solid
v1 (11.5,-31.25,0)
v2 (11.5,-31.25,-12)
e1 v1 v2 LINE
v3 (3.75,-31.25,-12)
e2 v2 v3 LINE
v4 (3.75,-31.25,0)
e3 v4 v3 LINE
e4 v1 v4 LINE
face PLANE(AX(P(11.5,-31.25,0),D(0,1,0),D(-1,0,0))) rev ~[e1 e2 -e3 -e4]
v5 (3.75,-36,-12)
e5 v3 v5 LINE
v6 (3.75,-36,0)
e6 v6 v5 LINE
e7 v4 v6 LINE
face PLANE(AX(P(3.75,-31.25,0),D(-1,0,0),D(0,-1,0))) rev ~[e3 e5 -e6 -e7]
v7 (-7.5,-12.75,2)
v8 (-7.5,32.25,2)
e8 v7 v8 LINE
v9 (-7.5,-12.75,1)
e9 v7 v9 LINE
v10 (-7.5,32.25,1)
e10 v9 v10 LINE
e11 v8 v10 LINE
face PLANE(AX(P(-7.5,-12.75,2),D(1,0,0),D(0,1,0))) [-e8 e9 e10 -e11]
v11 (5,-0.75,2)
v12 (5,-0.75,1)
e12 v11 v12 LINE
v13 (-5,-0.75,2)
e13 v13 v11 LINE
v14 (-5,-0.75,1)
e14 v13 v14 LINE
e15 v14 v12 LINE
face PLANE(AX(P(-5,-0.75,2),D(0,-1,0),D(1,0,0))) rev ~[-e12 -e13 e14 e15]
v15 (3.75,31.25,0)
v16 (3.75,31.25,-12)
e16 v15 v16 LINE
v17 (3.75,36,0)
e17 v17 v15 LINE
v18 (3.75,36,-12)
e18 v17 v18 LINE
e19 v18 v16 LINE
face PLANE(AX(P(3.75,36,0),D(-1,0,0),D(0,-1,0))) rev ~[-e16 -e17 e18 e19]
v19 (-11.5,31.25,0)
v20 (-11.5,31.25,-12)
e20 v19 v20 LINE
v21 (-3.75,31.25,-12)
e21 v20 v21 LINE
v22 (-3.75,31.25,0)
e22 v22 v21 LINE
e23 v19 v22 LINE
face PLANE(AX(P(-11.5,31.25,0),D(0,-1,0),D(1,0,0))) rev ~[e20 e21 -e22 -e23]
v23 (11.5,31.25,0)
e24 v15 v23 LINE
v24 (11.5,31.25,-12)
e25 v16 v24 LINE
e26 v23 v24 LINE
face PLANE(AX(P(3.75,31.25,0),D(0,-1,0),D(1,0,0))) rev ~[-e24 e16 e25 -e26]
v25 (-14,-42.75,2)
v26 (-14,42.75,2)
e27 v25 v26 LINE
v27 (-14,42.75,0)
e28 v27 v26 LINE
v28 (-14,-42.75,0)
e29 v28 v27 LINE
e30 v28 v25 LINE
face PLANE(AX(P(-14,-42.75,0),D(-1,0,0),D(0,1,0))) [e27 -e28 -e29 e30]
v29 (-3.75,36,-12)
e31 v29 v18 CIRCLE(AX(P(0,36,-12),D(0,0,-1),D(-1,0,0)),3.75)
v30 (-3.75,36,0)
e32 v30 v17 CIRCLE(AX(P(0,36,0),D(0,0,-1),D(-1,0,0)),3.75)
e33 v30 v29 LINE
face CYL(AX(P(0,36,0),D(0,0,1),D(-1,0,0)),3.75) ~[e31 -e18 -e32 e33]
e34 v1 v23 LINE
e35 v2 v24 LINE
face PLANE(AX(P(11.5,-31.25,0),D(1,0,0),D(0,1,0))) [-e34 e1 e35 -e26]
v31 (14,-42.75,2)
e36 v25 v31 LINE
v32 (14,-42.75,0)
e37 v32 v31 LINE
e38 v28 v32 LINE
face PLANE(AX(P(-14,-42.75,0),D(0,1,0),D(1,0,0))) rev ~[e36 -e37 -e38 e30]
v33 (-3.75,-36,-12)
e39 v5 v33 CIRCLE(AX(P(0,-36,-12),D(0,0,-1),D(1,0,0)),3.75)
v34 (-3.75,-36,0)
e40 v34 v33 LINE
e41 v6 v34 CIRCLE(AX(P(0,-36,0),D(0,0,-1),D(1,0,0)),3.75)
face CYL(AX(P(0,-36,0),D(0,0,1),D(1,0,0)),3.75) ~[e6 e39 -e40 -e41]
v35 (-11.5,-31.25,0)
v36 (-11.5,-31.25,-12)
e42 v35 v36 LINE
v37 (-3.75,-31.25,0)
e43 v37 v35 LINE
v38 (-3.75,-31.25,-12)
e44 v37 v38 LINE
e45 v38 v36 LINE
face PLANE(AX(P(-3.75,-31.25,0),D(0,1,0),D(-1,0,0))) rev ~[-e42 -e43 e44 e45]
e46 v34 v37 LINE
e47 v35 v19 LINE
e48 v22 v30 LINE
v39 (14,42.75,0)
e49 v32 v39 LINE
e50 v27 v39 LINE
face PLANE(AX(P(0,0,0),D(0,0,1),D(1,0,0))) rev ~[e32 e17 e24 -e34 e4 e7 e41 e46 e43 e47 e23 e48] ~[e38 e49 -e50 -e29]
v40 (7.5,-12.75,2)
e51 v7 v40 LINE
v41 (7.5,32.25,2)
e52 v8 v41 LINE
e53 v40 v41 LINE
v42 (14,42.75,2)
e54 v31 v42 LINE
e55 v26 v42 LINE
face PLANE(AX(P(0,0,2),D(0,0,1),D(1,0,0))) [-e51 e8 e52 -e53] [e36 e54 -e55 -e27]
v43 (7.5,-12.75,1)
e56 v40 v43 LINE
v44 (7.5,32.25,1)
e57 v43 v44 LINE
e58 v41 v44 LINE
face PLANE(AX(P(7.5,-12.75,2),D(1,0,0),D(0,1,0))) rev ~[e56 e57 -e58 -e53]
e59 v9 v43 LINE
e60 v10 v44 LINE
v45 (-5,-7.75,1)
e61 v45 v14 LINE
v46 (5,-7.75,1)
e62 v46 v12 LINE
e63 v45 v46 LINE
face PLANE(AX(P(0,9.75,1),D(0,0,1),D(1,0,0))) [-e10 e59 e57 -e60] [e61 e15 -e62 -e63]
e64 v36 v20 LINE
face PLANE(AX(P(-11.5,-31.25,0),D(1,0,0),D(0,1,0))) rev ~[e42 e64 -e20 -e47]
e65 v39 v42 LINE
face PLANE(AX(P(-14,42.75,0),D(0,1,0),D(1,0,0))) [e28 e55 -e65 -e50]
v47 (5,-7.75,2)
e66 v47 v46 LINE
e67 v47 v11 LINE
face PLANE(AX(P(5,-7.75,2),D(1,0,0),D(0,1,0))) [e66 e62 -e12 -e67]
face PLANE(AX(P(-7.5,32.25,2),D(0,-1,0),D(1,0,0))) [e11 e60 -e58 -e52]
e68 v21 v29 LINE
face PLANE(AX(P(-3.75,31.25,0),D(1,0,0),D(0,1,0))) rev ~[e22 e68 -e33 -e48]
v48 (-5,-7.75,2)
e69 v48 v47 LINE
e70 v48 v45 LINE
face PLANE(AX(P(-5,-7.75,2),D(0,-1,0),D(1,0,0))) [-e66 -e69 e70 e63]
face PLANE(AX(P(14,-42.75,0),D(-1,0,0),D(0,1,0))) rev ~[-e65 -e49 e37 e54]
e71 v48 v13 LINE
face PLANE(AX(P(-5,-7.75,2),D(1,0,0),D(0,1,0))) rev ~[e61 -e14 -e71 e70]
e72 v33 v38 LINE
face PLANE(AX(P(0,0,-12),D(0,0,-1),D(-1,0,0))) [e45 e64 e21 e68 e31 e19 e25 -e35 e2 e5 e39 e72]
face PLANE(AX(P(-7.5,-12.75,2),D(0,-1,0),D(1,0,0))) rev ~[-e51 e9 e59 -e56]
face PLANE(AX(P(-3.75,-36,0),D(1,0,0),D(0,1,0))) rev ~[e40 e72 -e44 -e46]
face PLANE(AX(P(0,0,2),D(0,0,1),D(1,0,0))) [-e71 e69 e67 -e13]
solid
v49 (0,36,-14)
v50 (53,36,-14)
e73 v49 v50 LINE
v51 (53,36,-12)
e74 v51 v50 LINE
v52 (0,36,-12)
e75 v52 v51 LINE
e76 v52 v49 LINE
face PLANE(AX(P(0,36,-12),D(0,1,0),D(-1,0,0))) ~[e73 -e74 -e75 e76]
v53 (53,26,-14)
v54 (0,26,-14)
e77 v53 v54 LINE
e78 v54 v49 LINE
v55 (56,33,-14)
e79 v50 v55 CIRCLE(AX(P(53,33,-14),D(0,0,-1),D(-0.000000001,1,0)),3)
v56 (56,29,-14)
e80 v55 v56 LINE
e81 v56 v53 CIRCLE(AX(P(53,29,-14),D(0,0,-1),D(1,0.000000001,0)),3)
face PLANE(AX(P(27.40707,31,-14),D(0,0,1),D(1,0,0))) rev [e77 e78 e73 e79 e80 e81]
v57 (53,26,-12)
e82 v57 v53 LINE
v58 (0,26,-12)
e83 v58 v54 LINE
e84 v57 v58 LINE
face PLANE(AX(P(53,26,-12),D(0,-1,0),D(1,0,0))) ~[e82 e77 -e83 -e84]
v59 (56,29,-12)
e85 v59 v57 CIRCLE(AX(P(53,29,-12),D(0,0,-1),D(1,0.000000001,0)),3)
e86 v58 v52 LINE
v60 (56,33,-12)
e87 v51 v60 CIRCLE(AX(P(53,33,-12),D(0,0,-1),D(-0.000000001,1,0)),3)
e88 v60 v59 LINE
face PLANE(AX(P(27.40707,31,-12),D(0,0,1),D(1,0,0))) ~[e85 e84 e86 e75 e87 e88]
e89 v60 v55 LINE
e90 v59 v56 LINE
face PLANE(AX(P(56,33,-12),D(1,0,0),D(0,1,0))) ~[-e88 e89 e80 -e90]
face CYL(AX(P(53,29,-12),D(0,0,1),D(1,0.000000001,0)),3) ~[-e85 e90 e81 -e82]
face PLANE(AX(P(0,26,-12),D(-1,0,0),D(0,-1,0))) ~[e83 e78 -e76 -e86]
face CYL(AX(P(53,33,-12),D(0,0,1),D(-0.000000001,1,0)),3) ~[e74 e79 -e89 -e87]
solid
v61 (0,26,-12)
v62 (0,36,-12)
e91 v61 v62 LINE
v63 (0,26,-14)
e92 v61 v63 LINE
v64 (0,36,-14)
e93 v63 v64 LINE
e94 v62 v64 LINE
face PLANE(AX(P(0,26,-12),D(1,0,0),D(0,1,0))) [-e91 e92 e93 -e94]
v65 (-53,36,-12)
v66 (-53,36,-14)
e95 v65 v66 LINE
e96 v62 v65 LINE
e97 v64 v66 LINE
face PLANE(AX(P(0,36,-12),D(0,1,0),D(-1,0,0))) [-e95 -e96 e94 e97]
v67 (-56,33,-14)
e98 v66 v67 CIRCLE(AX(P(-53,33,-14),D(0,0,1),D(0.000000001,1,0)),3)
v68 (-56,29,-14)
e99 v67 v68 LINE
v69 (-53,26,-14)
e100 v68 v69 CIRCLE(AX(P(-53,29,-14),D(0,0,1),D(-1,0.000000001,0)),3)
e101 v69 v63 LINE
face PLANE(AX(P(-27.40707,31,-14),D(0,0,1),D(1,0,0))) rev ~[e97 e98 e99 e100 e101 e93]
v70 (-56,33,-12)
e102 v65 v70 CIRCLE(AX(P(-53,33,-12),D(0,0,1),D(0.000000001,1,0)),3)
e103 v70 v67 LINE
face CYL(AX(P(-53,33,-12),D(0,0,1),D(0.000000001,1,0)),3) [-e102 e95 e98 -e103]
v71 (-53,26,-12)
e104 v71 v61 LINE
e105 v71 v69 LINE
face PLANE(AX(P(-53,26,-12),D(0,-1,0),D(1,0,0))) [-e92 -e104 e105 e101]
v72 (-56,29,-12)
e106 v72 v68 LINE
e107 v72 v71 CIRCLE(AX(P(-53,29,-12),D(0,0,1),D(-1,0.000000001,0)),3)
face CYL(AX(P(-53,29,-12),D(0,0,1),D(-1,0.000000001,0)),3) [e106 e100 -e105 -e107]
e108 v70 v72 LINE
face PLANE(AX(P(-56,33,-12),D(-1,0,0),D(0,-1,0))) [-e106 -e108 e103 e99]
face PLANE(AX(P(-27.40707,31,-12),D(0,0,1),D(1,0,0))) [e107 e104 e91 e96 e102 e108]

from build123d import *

# Parameters (mm, degrees)
SKETCH_1_W          = 28
SKETCH_1_H          = 85.5
EXTRUDE_1_DEPTH     = 2
SKETCH_2_W          = 15
SKETCH_2_H          = 45
SKETCH_2_W_2        = 10
SKETCH_2_H_2        = 7
CUT_EXTRUDE_1_DEPTH = 1
SKETCH_3_W          = 7.5
SKETCH_3_H          = 62.5
SKETCH_3_W_2        = 7.75
EXTRUDE_2_DEPTH     = 12
EXTRUDE_3_DEPTH     = 2


with BuildPart() as part:
    # 草图1 → 凸台-拉伸1 (new body)
    with BuildSketch(Plane.XY):
        Rectangle(SKETCH_1_W, SKETCH_1_H)
    extrude(amount=EXTRUDE_1_DEPTH)

    # 草图2 → 切除-拉伸1 (cut)
    with BuildSketch(Plane.XY.offset(2)):
        with Locations((0, 9.75)):
            Rectangle(SKETCH_2_W, SKETCH_2_H)
        with Locations((0, -4.25)):
            Rectangle(SKETCH_2_W_2, SKETCH_2_H_2, mode=Mode.SUBTRACT)
    extrude(amount=-CUT_EXTRUDE_1_DEPTH, mode=Mode.SUBTRACT)

    # 草图3 → 凸台-拉伸2 (add)
    with BuildSketch(Plane(origin=(0, 0, 0), x_dir=(-1, 0, 0), z_dir=(0, 0, -1))):
        Rectangle(SKETCH_3_W, SKETCH_3_H)
        with Locations((-7.625, 0)):
            Rectangle(SKETCH_3_W_2, SKETCH_3_H)
        with Locations((7.625, 0)):
            Rectangle(SKETCH_3_W_2, SKETCH_3_H)
        with BuildLine():
            Line((-3.75, 36), (-3.75, 31.25))
            Line((-3.75, 31.25), (3.75, 31.25))
            Line((3.75, 31.25), (3.75, 36))
            ThreePointArc((3.75, 36), (0, 39.75), (-3.75, 36))
        make_face()
        with BuildLine():
            Line((3.75, -31.25), (-3.75, -31.25))
            Line((-3.75, -31.25), (-3.75, -36))
            ThreePointArc((-3.75, -36), (0, -39.75), (3.75, -36))
            Line((3.75, -36), (3.75, -31.25))
        make_face()
    extrude(amount=EXTRUDE_2_DEPTH)


with BuildPart() as body_2:
    # 草图4 → 凸台-拉伸3 (new body)
    with BuildSketch(Plane(origin=(0, 0, -12), x_dir=(-1, 0, 0), z_dir=(0, 0, -1))):
        with BuildLine():
            Line((0, 36), (53, 36))
            ThreePointArc((53, 36), (55.121320344, 35.121320344), (56, 33))
            Line((56, 33), (56, 29))
            ThreePointArc((56, 29), (55.121320344, 26.878679656), (53, 26))
            Line((53, 26), (0, 26))
            Line((0, 26), (0, 36))
        make_face()
    extrude(amount=EXTRUDE_3_DEPTH)


with BuildPart() as body_3:
    # 镜向2: mirrored copy
    add(body_2.part.mirror(Plane(origin=(0, 0, 0), x_dir=(0, 0, 1), z_dir=(1, 0, 0))))


solid = Compound([part.part, body_2.part, body_3.part])
